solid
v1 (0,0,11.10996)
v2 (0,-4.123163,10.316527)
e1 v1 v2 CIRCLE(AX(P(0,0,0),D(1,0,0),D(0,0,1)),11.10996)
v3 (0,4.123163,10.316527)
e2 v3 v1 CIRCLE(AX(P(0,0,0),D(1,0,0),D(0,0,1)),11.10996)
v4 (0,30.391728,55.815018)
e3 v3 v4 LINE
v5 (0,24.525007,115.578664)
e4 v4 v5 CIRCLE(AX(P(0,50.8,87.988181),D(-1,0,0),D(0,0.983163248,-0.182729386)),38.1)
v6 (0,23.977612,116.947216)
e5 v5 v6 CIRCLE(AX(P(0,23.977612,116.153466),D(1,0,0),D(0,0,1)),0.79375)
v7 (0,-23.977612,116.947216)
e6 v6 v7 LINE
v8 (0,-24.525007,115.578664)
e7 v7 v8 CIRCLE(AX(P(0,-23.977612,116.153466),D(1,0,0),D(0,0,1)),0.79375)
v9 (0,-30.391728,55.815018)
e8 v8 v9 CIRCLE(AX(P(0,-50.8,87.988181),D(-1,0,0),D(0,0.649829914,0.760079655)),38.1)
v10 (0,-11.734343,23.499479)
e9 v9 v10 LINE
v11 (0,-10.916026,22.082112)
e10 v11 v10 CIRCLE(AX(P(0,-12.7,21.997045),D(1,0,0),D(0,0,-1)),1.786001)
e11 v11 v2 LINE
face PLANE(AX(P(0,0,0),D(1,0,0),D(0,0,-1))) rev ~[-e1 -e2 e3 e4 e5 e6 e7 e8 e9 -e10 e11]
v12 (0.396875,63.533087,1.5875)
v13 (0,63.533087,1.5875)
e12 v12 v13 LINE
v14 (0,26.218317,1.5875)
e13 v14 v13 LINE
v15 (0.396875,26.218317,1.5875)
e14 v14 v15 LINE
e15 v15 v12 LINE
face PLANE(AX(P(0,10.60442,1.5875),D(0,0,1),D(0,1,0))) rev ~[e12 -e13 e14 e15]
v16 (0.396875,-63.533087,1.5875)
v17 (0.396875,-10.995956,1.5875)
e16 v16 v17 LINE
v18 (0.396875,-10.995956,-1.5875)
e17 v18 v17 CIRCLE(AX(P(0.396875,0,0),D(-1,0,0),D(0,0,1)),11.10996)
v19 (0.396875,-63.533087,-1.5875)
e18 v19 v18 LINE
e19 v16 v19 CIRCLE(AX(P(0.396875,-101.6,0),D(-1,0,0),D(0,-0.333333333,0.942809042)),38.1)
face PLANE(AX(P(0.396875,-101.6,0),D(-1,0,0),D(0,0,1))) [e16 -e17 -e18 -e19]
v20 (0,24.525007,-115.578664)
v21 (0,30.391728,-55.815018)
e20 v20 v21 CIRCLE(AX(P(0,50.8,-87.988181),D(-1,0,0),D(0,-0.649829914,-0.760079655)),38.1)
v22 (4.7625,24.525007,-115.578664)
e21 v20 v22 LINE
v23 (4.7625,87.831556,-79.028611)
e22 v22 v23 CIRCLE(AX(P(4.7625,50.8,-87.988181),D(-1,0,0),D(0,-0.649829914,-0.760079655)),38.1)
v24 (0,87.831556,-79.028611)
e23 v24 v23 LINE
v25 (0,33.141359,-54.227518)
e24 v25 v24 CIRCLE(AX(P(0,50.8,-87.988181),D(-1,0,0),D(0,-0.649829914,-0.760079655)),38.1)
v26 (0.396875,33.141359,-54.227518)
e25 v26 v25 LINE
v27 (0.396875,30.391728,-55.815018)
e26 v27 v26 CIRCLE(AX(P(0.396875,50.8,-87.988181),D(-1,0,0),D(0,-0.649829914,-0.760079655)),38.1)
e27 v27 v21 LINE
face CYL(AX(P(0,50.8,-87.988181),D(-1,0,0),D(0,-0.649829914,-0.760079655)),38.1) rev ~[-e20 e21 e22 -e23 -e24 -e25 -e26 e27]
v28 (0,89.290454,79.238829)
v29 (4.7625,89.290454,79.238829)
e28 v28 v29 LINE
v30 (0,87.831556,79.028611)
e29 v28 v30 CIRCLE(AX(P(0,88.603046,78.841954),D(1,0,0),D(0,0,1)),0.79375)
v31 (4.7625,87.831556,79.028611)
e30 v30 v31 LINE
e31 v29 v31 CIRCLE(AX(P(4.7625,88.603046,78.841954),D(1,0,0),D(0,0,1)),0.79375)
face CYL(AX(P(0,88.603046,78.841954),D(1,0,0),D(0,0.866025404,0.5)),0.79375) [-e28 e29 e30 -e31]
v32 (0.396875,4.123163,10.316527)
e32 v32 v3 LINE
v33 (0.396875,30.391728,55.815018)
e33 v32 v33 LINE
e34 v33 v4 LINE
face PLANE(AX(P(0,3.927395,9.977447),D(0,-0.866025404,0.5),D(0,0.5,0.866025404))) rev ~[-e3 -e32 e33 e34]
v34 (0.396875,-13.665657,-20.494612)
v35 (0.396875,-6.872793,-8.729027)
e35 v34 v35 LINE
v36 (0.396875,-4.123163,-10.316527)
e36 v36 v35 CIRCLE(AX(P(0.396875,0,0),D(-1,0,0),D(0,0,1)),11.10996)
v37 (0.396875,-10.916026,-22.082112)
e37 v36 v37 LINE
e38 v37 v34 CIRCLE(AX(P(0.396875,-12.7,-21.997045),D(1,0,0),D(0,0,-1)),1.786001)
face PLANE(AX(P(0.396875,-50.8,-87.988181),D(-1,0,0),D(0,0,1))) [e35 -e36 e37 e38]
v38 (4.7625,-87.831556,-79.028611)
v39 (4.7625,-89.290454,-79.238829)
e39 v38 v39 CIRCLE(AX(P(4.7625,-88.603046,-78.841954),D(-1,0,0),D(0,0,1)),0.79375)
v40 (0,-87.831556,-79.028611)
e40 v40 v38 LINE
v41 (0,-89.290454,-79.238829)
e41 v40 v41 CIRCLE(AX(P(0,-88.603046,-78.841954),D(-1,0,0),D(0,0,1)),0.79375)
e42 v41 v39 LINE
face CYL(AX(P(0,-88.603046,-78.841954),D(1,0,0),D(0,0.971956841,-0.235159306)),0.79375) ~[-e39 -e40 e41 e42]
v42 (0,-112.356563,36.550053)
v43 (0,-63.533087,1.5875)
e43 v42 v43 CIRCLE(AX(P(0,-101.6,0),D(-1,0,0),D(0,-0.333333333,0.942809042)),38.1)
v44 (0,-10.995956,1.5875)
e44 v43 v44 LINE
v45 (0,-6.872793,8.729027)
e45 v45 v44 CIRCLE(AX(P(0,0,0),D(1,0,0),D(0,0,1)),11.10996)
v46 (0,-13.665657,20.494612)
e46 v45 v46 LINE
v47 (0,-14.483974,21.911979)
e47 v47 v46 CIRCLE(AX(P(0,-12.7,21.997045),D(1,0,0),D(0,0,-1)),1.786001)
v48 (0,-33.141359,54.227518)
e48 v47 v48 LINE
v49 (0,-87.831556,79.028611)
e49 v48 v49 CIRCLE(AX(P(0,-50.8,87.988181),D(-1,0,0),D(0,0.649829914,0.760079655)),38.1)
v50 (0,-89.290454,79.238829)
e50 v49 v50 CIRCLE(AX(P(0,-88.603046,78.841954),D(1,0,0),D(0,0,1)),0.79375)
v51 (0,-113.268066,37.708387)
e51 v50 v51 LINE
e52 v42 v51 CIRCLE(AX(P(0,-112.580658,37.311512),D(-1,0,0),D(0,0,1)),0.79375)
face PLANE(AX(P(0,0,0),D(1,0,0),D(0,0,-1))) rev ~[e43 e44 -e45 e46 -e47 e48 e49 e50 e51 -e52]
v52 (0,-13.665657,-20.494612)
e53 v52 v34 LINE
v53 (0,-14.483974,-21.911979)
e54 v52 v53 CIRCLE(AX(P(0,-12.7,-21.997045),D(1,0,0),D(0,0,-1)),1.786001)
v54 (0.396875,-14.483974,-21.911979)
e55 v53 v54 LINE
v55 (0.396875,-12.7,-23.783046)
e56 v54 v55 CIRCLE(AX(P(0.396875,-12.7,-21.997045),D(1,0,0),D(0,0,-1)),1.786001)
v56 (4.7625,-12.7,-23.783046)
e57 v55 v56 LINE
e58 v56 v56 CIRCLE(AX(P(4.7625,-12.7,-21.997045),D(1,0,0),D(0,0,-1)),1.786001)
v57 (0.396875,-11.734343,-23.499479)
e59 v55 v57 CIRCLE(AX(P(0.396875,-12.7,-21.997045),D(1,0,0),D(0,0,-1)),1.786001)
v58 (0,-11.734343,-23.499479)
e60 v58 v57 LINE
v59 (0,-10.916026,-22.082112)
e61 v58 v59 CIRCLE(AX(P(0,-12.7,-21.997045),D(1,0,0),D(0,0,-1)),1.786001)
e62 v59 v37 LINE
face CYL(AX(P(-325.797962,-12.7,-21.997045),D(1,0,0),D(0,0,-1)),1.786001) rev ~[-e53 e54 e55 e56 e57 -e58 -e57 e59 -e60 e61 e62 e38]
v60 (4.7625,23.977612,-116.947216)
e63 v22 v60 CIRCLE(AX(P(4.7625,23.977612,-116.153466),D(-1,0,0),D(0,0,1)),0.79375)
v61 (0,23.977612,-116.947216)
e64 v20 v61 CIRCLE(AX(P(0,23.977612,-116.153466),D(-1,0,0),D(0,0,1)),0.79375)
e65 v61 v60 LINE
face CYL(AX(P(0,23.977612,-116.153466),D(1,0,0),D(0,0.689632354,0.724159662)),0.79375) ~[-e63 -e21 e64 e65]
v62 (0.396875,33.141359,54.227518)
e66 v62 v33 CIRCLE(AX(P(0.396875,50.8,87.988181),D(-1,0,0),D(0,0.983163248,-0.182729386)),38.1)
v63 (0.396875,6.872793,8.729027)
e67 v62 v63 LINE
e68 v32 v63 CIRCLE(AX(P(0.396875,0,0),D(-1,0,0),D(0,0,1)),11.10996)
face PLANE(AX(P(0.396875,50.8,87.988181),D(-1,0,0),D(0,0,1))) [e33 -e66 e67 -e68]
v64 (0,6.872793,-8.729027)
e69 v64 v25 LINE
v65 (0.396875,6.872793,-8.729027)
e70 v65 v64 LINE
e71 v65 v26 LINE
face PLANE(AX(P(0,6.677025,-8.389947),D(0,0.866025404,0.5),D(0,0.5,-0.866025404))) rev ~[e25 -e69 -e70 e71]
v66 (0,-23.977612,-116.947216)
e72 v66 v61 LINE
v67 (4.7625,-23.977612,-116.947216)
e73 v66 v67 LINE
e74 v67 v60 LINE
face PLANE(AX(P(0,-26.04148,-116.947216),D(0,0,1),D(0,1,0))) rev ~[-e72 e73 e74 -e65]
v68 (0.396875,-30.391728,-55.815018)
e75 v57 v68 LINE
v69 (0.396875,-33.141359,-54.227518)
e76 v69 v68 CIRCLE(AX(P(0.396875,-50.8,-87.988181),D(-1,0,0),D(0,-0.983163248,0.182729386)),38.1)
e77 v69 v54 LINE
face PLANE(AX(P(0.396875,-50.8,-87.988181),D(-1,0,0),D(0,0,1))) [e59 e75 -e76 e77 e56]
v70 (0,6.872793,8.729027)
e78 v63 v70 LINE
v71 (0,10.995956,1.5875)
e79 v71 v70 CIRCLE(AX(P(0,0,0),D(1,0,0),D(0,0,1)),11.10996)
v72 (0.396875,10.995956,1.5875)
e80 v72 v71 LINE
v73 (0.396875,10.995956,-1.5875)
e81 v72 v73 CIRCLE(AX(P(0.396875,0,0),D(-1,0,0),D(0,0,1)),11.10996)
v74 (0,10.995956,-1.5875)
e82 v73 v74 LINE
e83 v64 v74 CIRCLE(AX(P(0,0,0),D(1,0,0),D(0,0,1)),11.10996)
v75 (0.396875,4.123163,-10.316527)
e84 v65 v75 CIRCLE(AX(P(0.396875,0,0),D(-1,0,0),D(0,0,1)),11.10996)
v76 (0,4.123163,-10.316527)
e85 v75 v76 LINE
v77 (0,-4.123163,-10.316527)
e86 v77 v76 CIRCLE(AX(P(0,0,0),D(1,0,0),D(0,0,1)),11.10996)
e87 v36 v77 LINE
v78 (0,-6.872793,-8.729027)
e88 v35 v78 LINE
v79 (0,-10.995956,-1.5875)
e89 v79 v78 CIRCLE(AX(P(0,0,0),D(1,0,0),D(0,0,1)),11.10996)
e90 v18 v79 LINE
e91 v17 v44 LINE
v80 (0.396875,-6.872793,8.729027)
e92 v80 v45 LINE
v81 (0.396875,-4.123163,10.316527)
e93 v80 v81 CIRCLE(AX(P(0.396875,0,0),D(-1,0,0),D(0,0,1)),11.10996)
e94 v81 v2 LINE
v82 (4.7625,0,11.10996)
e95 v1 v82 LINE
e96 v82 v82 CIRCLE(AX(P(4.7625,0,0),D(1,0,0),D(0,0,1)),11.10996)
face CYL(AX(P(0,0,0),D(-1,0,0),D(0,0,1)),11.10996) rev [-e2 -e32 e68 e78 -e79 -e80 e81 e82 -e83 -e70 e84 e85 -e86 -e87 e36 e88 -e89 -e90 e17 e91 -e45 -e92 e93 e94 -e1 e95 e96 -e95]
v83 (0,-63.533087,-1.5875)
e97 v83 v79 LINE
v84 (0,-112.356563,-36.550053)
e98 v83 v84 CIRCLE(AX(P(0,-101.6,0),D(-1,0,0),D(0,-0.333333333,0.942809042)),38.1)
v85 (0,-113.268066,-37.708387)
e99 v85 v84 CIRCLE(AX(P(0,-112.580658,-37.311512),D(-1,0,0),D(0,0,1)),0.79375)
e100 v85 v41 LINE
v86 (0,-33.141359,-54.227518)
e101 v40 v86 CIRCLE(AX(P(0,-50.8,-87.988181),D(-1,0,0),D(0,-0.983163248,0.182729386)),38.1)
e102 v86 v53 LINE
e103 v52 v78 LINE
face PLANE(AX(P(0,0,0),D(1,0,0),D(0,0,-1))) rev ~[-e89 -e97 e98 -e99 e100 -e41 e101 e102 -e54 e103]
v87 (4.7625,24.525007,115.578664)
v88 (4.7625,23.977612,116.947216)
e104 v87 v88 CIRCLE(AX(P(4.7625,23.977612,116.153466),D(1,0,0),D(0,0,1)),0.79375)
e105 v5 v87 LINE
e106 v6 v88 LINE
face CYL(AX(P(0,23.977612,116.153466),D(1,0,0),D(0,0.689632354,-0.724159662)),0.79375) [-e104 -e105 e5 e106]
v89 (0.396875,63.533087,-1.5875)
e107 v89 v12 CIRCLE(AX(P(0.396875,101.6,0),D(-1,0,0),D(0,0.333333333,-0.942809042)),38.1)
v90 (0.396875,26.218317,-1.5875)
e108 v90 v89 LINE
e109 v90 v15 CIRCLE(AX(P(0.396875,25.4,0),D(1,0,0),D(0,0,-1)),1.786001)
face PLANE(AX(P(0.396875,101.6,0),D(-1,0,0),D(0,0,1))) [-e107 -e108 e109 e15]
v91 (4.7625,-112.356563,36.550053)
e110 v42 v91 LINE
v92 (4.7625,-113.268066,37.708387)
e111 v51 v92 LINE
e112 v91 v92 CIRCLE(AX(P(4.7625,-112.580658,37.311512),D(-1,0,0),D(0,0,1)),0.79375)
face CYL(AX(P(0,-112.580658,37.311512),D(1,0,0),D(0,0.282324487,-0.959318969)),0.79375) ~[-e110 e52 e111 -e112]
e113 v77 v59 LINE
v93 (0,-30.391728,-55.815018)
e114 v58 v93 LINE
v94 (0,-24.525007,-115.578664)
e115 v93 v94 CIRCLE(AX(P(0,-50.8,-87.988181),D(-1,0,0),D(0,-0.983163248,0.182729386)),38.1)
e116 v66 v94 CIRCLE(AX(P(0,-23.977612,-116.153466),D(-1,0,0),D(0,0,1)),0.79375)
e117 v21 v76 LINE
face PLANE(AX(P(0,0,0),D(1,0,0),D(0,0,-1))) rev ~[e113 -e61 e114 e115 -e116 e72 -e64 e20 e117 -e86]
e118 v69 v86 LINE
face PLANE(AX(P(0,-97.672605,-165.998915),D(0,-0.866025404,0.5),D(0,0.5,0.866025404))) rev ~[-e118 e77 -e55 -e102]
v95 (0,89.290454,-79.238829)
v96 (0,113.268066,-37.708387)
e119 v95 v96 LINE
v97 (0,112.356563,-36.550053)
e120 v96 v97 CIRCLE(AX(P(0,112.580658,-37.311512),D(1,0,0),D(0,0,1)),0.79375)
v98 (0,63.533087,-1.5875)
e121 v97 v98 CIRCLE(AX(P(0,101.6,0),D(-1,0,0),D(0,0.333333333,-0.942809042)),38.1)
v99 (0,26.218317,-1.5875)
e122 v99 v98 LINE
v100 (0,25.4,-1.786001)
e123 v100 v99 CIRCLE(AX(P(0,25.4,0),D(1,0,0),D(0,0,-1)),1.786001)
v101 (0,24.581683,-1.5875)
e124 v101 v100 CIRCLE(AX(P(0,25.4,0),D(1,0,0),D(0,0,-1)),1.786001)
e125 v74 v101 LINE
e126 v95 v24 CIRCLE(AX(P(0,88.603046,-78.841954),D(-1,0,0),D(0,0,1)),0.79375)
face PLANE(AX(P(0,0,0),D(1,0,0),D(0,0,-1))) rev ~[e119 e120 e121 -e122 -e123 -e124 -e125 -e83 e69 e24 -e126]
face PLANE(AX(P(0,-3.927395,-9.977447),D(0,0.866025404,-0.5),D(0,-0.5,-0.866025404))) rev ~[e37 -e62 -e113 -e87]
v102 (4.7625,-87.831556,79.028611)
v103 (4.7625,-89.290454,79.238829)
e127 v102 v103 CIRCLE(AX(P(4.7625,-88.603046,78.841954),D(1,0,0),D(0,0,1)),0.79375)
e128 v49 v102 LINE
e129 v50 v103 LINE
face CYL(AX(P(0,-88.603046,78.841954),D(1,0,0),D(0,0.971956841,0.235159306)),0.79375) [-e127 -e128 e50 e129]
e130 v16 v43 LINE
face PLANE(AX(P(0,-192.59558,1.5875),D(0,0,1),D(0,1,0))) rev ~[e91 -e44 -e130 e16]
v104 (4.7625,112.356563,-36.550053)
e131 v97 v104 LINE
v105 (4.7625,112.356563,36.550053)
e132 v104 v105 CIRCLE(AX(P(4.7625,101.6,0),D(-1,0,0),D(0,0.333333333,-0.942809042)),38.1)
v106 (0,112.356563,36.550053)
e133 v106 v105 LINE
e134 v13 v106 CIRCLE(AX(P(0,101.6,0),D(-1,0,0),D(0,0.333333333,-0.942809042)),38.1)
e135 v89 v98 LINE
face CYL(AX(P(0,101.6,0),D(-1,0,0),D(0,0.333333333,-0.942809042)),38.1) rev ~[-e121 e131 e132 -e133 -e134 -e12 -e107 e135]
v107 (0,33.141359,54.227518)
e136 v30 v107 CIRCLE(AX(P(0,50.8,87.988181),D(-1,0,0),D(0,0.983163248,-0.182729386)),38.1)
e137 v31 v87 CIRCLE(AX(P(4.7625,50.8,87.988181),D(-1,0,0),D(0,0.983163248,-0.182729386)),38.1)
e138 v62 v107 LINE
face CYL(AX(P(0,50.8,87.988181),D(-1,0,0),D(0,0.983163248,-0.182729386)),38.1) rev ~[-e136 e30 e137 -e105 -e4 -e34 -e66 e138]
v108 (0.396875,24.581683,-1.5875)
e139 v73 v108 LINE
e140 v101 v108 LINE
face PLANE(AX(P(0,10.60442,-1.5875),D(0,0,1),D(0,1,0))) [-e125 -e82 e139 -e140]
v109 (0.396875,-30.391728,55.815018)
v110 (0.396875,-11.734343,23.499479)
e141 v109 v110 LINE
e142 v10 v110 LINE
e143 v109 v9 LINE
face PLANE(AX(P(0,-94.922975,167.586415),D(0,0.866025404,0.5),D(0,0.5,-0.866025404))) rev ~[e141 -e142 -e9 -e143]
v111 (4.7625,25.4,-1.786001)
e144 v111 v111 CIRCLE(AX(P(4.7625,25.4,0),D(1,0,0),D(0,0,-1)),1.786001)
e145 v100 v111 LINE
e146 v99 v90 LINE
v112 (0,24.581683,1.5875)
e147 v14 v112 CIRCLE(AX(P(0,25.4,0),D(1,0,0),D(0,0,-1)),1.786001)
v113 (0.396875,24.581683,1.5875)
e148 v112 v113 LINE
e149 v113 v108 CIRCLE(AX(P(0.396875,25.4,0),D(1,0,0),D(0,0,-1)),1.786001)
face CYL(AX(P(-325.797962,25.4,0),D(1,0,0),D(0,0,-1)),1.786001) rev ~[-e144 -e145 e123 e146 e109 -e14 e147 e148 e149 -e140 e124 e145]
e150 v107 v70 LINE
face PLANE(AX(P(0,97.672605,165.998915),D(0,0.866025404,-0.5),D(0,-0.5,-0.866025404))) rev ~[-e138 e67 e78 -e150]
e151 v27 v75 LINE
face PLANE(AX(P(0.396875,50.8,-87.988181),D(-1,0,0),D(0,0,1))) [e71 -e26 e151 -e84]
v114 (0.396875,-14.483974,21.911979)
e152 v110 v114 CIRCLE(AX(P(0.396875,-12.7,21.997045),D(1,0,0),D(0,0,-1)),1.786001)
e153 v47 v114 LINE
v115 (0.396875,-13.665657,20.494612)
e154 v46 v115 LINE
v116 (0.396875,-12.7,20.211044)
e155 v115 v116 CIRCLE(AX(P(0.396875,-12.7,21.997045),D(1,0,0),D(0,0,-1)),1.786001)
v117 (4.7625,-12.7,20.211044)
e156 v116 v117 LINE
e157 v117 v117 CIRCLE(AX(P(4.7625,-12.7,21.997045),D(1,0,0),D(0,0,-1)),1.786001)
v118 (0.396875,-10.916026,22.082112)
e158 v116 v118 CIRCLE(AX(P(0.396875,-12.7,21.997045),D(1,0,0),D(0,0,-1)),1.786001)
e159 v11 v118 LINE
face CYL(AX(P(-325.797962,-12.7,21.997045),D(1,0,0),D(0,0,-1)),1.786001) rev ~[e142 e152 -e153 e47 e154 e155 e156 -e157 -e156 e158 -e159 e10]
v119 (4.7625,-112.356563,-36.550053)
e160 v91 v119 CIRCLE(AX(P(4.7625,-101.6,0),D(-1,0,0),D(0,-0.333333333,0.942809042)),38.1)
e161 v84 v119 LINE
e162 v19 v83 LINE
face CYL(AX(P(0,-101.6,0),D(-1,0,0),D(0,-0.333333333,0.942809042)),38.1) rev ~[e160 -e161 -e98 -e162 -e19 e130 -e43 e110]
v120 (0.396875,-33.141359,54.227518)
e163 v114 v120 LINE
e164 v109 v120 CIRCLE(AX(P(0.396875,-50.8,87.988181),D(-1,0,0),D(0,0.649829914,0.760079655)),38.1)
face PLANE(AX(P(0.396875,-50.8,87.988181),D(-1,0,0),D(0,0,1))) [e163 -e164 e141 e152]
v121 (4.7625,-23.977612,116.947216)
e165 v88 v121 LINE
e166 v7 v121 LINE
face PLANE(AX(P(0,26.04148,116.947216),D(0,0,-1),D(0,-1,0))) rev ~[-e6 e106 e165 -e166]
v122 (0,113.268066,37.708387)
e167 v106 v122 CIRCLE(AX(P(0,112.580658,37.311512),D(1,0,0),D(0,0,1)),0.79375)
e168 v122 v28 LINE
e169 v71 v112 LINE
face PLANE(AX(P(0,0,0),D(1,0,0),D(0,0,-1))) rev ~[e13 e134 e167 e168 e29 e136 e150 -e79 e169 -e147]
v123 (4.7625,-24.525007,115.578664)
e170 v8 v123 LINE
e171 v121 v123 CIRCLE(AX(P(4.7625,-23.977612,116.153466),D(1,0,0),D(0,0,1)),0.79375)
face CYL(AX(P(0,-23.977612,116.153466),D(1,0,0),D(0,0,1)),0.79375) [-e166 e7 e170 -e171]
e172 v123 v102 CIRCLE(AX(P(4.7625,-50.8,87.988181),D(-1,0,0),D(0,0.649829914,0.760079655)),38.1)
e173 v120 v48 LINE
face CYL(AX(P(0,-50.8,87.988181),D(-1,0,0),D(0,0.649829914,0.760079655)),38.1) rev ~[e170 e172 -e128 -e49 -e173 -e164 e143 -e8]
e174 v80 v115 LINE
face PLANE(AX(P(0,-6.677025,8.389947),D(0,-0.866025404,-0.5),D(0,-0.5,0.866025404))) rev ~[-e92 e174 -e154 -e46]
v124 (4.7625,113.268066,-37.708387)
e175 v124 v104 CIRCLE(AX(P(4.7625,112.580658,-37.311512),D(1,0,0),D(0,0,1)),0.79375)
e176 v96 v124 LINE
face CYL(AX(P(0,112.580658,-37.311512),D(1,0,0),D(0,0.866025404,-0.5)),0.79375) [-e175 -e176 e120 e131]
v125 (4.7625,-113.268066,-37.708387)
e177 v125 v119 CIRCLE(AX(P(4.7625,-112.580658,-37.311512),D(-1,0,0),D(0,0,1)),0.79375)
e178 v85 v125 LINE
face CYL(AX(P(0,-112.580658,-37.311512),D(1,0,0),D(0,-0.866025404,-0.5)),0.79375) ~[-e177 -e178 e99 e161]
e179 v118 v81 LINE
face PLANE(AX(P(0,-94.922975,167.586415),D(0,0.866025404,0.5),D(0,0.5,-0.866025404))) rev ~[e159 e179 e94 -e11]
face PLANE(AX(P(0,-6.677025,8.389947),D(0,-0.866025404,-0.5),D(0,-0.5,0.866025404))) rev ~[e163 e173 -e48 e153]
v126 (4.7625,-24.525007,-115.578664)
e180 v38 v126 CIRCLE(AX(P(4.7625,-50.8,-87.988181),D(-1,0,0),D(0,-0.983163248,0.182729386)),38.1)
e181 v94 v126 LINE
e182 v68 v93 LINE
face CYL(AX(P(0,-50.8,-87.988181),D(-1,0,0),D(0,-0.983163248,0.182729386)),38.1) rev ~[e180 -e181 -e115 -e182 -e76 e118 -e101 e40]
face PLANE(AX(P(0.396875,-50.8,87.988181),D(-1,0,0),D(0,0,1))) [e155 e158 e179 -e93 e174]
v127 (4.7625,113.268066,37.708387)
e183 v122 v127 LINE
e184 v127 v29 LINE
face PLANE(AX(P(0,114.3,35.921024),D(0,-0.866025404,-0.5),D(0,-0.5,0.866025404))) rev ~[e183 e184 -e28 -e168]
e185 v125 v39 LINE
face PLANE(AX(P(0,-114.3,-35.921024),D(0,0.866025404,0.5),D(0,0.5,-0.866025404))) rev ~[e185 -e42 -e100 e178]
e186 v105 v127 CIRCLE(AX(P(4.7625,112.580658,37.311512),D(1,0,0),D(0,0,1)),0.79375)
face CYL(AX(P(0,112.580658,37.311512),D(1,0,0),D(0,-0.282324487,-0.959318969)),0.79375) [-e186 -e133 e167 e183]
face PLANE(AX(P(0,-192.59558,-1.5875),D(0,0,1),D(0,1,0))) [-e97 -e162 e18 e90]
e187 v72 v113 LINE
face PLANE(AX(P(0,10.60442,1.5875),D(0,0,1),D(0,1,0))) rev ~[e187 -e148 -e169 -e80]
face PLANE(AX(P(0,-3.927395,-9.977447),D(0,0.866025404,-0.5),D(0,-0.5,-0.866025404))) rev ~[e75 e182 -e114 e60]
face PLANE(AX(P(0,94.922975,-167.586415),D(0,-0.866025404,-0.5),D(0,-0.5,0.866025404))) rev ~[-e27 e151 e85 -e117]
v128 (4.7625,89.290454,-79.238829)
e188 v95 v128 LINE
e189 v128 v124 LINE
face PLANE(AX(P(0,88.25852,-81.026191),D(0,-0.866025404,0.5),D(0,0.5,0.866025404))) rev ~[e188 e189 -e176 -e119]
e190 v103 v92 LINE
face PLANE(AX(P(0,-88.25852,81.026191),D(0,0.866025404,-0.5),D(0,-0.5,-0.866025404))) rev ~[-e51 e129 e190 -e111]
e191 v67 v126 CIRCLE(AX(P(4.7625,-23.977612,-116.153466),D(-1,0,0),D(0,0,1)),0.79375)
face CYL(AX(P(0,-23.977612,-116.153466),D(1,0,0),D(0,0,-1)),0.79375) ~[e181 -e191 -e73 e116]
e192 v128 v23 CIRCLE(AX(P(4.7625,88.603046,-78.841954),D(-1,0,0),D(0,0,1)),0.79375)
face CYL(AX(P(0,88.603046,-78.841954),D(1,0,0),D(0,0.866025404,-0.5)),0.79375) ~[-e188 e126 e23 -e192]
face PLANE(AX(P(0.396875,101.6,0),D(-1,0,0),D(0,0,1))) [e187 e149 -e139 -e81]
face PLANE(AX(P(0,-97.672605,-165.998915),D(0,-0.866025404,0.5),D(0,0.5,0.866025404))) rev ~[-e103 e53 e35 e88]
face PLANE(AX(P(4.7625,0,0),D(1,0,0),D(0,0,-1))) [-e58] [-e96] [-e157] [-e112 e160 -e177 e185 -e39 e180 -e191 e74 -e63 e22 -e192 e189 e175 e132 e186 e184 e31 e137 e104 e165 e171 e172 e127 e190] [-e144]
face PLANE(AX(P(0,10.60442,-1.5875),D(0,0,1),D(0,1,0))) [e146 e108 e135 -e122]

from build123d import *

# Parameters (mm, degrees)
SKETCH2_R                       = 11.10996
BOSS_EXTRUDE1_DEPTH             = 4.7625
SKETCH3_W                       = 3.175
SKETCH3_H                       = 181.991160274
CUT_EXTRUDE1_DEPTH              = 0.396875
FILLET1_R                       = 0.79375
F_9_64_0_14063_DIAMETER_HOLE1_D = 3.572002


with BuildPart() as part:
    # Sketch2 → Boss-Extrude1 (new body)
    with BuildSketch(Plane(origin=(0, 0, 0), x_dir=(0, 0, -1), z_dir=(1, 0, 0))):
        with BuildLine():
            Line((81.02619141, 88.258519733), (35.921024484, 114.3))
            ThreePointArc((35.921024484, 114.3), (0, 63.5), (-35.921024484, 114.3))
            Line((-35.921024484, 114.3), (-81.02619141, 88.258519733))
            ThreePointArc((-81.02619141, 88.258519733), (-54.99261314, 31.75), (-116.947215895, 26.041480267))
            Line((-116.947215895, 26.041480267), (-116.947215895, -26.041480267))
            ThreePointArc((-116.947215895, -26.041480267), (-54.99261314, -31.75), (-81.02619141, -88.258519733))
            Line((-81.02619141, -88.258519733), (-35.921024484, -114.3))
            ThreePointArc((-35.921024484, -114.3), (0, -63.5), (35.921024484, -114.3))
            Line((35.921024484, -114.3), (81.02619141, -88.258519733))
            ThreePointArc((81.02619141, -88.258519733), (54.99261314, -31.75), (116.947215895, -26.041480267))
            Line((116.947215895, -26.041480267), (116.947215895, 26.041480267))
            ThreePointArc((116.947215895, 26.041480267), (54.99261314, 31.75), (81.02619141, 88.258519733))
        make_face()
        with Locations(Location((0, 0, 0), (0, 0, 180))):
            Circle(SKETCH2_R, mode=Mode.SUBTRACT)
    extrude(amount=BOSS_EXTRUDE1_DEPTH)

    # Sketch3 → Cut-Extrude1 (cut)
    with BuildSketch(Plane.ZY):
        with Locations((0, 101.6)):
            Rectangle(SKETCH3_W, SKETCH3_H)
        Polygon((167.586415056, 94.92297474), (165.998915056, 97.672605397), (8.389946993, 6.67702526), (9.977446993, 3.927394603), align=None)
        Polygon((165.998915056, -97.672605397), (167.586415056, -94.92297474), (9.977446993, -3.927394603), (8.389946993, -6.67702526), align=None)
        with Locations((0, -101.6)):
            Rectangle(SKETCH3_W, SKETCH3_H)
        Polygon((-167.586415056, -94.92297474), (-165.998915056, -97.672605397), (-8.389946993, -6.67702526), (-9.977446993, -3.927394603), align=None)
        Polygon((-165.998915056, 97.672605397), (-167.586415056, 94.92297474), (-9.977446993, 3.927394603), (-8.389946993, 6.67702526), align=None)
    extrude(amount=-CUT_EXTRUDE1_DEPTH, mode=Mode.SUBTRACT)

    # Fillet1
    fillet1_edges = [part.edges().sort_by_distance(p)[0] for p in [
        (2.38125, 88.258519733, 81.02619141),
        (2.38125, 114.3, 35.921024484),
        (2.38125, 114.3, -35.921024484),
        (2.38125, 88.258519733, -81.02619141),
        (2.38125, 26.041480267, -116.947215895),
        (2.38125, -26.041480267, -116.947215895),
        (2.38125, -88.258519733, -81.02619141),
        (2.38125, -114.3, -35.921024484),
        (2.38125, -114.3, 35.921024484),
        (2.38125, -88.258519733, 81.02619141),
        (2.38125, -26.041480267, 116.947215895),
        (2.38125, 26.041480267, 116.947215895),
    ]]
    fillet(fillet1_edges, radius=FILLET1_R)

    # 9/64 (0.14063) Diameter Hole1 (through all)
    with Locations(Plane.ZY):
        with Locations((0, 25.4), (21.997045256, -12.7), (-21.997045256, -12.7)):
            Hole(F_9_64_0_14063_DIAMETER_HOLE1_D / 2)


solid = part.part
